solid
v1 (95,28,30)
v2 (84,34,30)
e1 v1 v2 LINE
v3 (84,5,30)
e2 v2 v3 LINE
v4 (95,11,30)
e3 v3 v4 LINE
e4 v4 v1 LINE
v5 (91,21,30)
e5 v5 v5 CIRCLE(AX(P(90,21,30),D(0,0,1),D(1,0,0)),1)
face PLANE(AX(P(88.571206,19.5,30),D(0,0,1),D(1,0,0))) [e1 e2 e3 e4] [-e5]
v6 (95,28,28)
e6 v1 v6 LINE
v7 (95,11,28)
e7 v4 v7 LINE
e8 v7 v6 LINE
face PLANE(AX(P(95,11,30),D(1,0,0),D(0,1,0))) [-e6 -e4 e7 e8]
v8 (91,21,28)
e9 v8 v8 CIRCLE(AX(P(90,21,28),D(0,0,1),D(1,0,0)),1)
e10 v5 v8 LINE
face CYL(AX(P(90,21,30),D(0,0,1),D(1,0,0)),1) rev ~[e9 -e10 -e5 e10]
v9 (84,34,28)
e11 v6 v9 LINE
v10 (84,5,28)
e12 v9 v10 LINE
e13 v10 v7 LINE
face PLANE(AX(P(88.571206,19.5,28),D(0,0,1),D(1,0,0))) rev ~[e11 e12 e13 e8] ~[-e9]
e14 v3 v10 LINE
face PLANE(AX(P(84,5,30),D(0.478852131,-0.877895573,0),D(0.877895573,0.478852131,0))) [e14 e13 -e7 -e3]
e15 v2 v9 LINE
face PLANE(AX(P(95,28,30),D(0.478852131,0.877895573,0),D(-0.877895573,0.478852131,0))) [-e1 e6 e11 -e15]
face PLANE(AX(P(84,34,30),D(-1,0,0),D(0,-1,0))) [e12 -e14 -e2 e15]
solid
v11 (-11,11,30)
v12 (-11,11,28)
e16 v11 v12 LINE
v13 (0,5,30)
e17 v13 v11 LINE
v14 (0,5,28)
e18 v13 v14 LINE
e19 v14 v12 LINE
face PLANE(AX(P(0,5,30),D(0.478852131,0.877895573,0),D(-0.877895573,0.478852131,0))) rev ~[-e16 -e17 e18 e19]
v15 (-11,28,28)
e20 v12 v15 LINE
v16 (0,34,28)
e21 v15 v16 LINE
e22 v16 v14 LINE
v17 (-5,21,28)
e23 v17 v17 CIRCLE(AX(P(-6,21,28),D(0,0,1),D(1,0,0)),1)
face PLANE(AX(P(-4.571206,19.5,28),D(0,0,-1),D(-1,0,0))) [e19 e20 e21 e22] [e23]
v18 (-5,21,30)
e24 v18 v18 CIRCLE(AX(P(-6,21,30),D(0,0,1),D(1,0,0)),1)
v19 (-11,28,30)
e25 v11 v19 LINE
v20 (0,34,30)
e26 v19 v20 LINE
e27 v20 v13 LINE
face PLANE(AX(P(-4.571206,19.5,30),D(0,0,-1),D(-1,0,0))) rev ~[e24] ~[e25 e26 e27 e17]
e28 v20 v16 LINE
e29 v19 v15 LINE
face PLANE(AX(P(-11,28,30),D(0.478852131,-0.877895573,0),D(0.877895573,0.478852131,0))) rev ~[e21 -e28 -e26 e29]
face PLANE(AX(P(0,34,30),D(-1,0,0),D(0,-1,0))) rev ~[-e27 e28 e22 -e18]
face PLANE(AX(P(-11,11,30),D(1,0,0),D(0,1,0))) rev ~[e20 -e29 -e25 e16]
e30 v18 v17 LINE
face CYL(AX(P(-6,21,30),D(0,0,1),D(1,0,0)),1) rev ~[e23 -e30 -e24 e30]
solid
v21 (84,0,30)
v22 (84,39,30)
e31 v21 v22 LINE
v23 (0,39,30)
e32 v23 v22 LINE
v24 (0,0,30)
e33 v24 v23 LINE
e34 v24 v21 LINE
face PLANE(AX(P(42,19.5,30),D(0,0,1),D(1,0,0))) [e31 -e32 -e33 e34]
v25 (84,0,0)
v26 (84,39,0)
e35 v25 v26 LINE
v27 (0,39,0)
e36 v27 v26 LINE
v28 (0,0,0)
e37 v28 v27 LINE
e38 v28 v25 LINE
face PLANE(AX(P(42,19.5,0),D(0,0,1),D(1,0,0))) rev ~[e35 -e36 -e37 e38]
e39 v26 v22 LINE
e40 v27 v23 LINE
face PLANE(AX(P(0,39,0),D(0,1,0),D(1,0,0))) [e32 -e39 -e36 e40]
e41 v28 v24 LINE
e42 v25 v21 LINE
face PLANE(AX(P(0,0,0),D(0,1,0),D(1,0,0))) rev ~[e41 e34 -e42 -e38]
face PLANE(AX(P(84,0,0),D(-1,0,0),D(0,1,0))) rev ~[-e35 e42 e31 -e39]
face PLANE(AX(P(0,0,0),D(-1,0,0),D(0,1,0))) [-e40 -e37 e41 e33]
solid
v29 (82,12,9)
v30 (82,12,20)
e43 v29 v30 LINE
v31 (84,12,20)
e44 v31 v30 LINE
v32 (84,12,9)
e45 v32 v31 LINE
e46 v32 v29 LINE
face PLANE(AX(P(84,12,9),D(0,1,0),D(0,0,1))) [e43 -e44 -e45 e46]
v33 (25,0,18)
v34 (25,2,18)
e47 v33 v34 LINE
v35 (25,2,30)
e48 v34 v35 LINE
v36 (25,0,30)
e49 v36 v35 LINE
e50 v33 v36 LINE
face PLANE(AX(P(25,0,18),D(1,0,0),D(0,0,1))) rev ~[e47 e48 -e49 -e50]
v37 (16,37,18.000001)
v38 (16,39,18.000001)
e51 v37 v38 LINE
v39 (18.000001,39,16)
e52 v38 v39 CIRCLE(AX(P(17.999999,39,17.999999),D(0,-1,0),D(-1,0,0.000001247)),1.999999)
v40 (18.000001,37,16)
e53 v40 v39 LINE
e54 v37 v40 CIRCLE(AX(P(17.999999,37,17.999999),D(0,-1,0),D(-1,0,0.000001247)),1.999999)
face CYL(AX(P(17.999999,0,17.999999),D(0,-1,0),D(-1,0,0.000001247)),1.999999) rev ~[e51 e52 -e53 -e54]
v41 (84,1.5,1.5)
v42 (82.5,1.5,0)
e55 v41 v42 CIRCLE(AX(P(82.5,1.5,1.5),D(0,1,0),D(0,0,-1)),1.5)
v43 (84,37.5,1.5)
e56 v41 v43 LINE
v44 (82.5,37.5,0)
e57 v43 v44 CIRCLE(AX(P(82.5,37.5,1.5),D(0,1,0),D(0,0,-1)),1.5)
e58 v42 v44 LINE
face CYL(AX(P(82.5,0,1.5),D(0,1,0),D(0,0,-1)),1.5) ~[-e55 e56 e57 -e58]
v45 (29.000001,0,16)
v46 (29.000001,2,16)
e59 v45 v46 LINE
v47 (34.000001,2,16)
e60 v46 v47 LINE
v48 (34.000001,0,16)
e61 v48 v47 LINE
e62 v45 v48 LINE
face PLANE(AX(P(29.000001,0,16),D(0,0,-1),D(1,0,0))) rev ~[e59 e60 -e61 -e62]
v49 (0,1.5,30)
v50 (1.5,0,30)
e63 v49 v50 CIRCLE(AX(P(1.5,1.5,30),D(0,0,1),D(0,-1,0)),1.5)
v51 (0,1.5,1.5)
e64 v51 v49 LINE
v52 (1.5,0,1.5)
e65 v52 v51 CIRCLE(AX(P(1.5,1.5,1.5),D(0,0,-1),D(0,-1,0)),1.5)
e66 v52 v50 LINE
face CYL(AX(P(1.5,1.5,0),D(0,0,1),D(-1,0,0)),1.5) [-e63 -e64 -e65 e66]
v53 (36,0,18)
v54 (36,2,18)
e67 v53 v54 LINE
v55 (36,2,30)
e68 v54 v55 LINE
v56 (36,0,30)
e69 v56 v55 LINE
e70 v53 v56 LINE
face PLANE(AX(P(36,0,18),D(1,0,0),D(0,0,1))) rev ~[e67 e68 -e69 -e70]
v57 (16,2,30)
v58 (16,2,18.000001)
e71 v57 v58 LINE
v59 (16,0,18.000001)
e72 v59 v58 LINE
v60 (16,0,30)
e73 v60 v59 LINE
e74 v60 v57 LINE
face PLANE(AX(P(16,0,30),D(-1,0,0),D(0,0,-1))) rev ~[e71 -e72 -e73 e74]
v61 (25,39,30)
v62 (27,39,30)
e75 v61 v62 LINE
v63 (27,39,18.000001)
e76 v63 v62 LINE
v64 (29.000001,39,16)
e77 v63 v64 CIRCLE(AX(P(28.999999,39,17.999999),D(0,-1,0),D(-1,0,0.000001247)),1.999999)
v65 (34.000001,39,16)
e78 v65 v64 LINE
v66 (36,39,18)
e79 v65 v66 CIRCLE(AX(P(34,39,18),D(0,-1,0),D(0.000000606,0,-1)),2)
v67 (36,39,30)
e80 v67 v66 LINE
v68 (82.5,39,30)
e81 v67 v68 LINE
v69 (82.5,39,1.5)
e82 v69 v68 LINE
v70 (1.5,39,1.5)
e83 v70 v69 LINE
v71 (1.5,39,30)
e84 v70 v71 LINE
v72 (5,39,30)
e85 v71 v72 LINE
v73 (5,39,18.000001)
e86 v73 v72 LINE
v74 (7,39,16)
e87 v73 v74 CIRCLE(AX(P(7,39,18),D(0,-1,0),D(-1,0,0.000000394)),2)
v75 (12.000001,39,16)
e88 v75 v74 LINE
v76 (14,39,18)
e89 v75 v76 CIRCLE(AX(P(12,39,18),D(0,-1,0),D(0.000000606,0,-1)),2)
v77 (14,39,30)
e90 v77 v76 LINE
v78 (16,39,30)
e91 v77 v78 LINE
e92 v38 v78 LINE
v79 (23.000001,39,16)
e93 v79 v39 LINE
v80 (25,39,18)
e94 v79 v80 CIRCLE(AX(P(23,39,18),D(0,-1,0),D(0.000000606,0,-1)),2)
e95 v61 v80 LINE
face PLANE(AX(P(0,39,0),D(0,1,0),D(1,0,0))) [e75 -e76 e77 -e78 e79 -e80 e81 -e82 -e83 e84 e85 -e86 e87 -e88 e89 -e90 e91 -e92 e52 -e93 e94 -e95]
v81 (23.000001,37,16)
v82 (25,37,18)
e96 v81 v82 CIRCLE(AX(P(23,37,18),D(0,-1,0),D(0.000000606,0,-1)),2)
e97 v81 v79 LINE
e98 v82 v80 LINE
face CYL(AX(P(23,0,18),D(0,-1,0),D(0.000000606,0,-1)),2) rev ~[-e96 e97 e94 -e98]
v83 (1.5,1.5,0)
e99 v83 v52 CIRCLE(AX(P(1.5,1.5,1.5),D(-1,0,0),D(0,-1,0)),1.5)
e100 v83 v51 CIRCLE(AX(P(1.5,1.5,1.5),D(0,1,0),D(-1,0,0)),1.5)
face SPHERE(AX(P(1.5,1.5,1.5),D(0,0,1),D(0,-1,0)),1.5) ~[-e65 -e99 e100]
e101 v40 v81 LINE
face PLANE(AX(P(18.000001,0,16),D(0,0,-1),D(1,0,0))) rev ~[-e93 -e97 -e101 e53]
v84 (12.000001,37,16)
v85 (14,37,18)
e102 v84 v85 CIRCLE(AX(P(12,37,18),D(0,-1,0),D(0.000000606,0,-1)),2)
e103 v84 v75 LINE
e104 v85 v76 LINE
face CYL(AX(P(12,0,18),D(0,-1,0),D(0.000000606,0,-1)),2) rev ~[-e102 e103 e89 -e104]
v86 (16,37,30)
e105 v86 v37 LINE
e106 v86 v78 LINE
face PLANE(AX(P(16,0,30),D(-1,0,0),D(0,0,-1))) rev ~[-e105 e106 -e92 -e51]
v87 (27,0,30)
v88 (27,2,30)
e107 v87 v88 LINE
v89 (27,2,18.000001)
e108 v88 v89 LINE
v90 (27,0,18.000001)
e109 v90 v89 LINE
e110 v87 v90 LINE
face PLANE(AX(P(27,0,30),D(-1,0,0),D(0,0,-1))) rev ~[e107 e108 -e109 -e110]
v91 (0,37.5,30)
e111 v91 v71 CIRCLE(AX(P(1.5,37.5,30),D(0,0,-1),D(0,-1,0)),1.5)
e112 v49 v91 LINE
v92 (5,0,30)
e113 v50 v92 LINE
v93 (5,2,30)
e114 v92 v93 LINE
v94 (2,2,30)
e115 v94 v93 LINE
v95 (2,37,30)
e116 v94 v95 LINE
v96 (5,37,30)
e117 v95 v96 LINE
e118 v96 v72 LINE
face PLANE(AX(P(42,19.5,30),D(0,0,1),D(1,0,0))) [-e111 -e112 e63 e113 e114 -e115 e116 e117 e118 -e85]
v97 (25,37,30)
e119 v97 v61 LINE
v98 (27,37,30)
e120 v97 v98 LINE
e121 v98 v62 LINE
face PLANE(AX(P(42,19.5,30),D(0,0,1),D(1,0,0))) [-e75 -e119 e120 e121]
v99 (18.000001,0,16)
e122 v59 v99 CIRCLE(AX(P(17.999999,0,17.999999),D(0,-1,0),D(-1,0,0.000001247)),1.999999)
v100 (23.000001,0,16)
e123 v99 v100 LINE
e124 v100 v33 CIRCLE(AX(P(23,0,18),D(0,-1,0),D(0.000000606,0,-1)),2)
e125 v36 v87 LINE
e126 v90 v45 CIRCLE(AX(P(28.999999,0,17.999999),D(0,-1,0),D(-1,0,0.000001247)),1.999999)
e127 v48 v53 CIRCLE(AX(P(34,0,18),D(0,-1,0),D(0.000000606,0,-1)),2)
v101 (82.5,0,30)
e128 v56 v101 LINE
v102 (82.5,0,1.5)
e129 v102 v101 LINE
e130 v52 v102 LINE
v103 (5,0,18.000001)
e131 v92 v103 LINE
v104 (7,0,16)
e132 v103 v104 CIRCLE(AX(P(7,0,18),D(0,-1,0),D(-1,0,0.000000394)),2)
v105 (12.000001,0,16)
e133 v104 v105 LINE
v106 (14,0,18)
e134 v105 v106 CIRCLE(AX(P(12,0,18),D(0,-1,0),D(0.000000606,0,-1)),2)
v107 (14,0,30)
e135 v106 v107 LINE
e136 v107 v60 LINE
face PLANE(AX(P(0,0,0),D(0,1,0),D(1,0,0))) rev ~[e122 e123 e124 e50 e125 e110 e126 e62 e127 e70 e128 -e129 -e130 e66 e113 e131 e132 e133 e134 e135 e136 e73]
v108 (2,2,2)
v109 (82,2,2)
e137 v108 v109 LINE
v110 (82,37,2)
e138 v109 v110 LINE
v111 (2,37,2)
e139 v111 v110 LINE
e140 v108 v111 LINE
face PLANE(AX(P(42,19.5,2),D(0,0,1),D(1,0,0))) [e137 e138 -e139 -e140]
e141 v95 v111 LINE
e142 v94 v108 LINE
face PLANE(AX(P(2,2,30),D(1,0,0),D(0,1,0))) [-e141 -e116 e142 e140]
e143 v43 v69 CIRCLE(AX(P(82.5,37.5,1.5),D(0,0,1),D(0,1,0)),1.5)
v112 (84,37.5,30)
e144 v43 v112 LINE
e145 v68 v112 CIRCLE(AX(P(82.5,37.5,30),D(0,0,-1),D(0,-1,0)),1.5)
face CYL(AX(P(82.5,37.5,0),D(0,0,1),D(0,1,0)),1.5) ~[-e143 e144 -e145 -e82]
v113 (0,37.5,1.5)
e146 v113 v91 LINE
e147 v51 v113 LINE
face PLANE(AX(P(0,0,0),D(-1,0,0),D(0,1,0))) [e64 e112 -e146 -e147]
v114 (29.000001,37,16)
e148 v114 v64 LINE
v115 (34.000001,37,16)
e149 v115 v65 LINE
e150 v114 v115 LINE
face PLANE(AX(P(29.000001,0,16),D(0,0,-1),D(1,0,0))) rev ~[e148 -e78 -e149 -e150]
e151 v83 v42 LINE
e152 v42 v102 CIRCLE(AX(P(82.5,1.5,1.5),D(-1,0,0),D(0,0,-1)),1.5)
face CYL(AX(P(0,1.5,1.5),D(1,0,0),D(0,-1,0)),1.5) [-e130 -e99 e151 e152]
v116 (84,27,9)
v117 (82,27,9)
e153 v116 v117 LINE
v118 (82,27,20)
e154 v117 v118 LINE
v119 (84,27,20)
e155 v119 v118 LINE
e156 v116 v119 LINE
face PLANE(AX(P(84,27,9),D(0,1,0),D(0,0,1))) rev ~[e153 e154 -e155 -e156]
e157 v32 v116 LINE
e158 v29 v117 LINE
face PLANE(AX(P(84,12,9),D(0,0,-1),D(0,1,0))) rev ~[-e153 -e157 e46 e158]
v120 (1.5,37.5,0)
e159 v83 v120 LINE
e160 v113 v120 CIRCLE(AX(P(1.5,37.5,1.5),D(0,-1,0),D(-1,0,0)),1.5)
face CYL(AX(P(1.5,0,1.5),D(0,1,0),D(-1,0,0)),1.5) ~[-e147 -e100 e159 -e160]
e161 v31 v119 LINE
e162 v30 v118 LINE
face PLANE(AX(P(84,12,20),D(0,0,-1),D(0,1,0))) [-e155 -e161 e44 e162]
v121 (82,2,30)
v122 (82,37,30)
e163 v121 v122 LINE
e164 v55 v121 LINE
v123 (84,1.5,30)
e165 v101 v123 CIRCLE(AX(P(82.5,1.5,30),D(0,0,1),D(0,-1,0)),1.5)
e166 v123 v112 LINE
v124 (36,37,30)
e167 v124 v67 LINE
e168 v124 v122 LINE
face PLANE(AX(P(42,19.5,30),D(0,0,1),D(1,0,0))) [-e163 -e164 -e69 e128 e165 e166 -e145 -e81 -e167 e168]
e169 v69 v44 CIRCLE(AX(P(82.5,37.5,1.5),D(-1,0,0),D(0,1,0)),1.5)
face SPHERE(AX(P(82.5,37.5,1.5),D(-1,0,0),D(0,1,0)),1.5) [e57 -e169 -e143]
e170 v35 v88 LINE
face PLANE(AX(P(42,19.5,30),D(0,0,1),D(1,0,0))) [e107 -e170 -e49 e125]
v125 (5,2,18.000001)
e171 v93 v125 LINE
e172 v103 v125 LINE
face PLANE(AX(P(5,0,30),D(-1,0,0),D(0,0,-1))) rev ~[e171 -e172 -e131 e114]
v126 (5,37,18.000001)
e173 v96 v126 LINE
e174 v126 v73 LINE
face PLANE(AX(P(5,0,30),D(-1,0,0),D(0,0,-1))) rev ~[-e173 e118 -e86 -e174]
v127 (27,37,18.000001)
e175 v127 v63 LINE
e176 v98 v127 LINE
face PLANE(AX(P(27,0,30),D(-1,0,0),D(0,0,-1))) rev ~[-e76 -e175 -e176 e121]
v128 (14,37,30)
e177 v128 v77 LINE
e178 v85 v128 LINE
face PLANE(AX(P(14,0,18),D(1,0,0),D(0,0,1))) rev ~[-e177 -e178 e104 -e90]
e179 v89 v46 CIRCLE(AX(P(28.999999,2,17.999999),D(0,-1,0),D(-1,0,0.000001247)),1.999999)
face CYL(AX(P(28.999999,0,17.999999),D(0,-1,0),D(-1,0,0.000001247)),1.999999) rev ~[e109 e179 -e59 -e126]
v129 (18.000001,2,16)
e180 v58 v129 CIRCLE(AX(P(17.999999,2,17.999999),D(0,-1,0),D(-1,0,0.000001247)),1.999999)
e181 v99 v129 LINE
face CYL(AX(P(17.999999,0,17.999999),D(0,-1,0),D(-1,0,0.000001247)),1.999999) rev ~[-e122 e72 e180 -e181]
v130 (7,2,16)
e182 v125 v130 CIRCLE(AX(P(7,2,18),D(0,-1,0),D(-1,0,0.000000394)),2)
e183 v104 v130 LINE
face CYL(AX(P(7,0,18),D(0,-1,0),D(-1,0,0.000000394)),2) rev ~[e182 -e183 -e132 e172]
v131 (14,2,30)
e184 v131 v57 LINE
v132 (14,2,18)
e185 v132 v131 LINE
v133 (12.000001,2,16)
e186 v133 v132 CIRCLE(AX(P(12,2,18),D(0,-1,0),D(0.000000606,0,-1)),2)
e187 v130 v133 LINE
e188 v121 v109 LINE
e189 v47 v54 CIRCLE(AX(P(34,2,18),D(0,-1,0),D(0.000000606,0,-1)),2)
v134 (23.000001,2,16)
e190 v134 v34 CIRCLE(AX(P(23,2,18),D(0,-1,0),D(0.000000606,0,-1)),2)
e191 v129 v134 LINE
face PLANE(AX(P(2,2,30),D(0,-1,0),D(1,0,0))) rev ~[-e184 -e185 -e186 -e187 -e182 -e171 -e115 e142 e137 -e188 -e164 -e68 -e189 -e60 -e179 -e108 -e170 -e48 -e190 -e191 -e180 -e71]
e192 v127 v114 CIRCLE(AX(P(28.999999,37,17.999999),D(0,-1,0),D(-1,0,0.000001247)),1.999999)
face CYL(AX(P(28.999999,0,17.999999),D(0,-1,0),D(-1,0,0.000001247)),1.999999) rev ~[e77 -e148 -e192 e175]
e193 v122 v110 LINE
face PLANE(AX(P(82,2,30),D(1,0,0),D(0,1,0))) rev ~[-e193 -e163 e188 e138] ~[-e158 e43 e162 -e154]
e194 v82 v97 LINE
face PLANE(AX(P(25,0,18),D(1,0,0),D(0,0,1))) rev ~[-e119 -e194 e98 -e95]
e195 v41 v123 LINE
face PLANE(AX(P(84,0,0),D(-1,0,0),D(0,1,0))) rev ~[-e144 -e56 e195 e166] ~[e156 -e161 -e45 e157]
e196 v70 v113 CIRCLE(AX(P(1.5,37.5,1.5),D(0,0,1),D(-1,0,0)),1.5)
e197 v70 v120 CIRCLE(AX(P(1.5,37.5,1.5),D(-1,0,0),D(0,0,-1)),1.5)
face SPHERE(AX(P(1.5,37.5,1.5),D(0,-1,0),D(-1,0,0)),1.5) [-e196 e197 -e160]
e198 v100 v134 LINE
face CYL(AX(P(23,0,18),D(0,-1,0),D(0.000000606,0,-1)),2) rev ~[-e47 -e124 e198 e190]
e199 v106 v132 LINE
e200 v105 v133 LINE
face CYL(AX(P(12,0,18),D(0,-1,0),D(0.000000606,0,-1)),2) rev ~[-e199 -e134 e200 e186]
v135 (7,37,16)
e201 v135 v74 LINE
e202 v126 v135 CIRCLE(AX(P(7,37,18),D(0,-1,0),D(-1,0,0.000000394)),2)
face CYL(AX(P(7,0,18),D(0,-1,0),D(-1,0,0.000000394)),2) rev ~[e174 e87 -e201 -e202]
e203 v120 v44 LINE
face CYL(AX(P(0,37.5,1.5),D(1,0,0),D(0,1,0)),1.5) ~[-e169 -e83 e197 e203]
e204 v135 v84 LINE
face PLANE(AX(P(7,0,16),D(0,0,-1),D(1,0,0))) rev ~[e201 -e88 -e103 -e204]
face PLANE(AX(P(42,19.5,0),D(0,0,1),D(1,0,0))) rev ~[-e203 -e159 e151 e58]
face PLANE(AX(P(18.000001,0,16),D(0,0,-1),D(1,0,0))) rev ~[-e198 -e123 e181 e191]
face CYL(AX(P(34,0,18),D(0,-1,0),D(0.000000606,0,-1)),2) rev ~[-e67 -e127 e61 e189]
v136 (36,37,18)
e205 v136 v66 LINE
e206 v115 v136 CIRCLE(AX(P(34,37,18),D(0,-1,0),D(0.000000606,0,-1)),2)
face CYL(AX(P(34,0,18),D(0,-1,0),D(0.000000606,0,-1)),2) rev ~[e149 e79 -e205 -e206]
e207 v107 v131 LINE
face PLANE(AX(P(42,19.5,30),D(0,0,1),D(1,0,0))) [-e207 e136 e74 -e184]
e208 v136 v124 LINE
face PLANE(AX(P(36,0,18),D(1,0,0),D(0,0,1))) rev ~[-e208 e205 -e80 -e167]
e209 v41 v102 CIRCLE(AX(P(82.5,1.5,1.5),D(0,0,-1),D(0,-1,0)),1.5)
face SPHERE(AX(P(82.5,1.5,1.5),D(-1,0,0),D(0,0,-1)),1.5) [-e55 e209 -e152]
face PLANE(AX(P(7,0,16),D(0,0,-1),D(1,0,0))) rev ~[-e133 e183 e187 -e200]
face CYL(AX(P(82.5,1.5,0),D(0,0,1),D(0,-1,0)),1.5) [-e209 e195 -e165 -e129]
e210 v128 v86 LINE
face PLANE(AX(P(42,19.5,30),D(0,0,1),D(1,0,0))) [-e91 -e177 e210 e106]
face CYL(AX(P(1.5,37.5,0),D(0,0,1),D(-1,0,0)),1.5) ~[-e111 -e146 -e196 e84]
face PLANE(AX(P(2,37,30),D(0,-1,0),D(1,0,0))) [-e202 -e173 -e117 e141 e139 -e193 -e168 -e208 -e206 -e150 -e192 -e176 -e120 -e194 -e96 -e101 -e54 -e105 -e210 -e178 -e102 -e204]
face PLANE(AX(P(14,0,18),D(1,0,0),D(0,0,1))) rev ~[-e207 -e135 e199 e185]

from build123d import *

# Parameters (mm, degrees)
SKETCH_W         = 84
SKETCH_H         = 39
EXTRUDE001_DEPTH = 30
EXTRUDE_DEPTH    = 30
SKETCH001_W      = 80
SKETCH001_H      = 35
POCKET_DEPTH     = 28
SKETCH002_W      = 15
SKETCH002_H      = 11
POCKET001_DEPTH  = 2
POCKET002_DEPTH  = 39.001
FILLET_R         = 1.5
SKETCH004_R      = 1
EXTRUDE002_DEPTH = 2


with BuildPart() as extrude001:
    # Sketch → Extrude001 (new body)
    with BuildSketch(Plane.XY):
        with Locations((42, 19.5)):
            Rectangle(SKETCH_W, SKETCH_H)
    extrude(amount=EXTRUDE001_DEPTH)


with BuildPart() as body001:
    # Sketch → Extrude (new body)
    with BuildSketch(Plane.XY):
        with Locations((42, 19.5)):
            Rectangle(SKETCH_W, SKETCH_H)
    extrude(amount=EXTRUDE_DEPTH)

    # Sketch001 (on Face6 of BaseFeature) → Pocket (cut)
    with BuildSketch(Plane.XY.offset(30)):
        with Locations((42, 19.5)):
            Rectangle(SKETCH001_W, SKETCH001_H)
    extrude(amount=-POCKET_DEPTH, mode=Mode.SUBTRACT)

    # Sketch002 (on Face3 of Pocket) → Pocket001 (cut)
    with BuildSketch(Plane.YZ.offset(84)):
        with Locations((19.5, 14.5)):
            Rectangle(SKETCH002_W, SKETCH002_H)
    extrude(amount=-POCKET001_DEPTH, mode=Mode.SUBTRACT)

    # Sketch003 (on Face1 of Pocket001) → Pocket002 (cut, through all)
    with BuildSketch(Plane.XZ):
        with BuildLine():
            Line((5, 30), (5, 18.000001))
            ThreePointArc((5, 18.000001), (5.585786, 16.585787), (7, 16))
            Line((7, 16), (12.000001, 16))
            ThreePointArc((12.000001, 16), (13.414214, 16.585787), (14, 18))
            Line((14, 18), (14, 30))
            Line((14, 30), (5, 30))
        make_face()
        with BuildLine():
            Line((16, 30), (16, 18.000001))
            ThreePointArc((16, 18.000001), (16.585786, 16.585786), (18.000001, 16))
            Line((18.000001, 16), (23.000001, 16))
            ThreePointArc((23.000001, 16), (24.414214, 16.585787), (25, 18))
            Line((25, 18), (25, 30))
            Line((25, 30), (16, 30))
        make_face()
        with BuildLine():
            Line((27, 30), (27, 18.000001))
            ThreePointArc((27, 18.000001), (27.585786, 16.585786), (29.000001, 16))
            Line((29.000001, 16), (34.000001, 16))
            ThreePointArc((34.000001, 16), (35.414214, 16.585787), (36, 18))
            Line((36, 18), (36, 30))
            Line((36, 30), (27, 30))
        make_face()
    extrude(amount=-POCKET002_DEPTH, mode=Mode.SUBTRACT)

    # Fillet
    fillet_edges = [body001.edges().sort_by_distance(p)[0] for p in [
        (0, 0, 15),
        (42, 0, 0),
        (0, 19.5, 0),
        (0, 39, 15),
        (42, 39, 0),
        (84, 39, 15),
        (84, 19.5, 0),
        (84, 0, 15),
    ]]
    fillet(fillet_edges, radius=FILLET_R)


with BuildPart() as extrude002:
    # Sketch004 (on Face2 of Fillet) → Extrude002 (new body)
    with BuildSketch(Plane.XY.offset(30)):
        Polygon((84, 34), (84, 5), (95, 11), (95, 28), align=None)
        with Locations((90, 21)):
            Circle(SKETCH004_R, mode=Mode.SUBTRACT)
        Polygon((0, 34), (0, 5), (-11, 11), (-11, 28), align=None)
        with Locations((-6, 21)):
            Circle(SKETCH004_R, mode=Mode.SUBTRACT)
    extrude(amount=-EXTRUDE002_DEPTH)


solid = Compound([extrude001.part, body001.part, extrude002.part])
